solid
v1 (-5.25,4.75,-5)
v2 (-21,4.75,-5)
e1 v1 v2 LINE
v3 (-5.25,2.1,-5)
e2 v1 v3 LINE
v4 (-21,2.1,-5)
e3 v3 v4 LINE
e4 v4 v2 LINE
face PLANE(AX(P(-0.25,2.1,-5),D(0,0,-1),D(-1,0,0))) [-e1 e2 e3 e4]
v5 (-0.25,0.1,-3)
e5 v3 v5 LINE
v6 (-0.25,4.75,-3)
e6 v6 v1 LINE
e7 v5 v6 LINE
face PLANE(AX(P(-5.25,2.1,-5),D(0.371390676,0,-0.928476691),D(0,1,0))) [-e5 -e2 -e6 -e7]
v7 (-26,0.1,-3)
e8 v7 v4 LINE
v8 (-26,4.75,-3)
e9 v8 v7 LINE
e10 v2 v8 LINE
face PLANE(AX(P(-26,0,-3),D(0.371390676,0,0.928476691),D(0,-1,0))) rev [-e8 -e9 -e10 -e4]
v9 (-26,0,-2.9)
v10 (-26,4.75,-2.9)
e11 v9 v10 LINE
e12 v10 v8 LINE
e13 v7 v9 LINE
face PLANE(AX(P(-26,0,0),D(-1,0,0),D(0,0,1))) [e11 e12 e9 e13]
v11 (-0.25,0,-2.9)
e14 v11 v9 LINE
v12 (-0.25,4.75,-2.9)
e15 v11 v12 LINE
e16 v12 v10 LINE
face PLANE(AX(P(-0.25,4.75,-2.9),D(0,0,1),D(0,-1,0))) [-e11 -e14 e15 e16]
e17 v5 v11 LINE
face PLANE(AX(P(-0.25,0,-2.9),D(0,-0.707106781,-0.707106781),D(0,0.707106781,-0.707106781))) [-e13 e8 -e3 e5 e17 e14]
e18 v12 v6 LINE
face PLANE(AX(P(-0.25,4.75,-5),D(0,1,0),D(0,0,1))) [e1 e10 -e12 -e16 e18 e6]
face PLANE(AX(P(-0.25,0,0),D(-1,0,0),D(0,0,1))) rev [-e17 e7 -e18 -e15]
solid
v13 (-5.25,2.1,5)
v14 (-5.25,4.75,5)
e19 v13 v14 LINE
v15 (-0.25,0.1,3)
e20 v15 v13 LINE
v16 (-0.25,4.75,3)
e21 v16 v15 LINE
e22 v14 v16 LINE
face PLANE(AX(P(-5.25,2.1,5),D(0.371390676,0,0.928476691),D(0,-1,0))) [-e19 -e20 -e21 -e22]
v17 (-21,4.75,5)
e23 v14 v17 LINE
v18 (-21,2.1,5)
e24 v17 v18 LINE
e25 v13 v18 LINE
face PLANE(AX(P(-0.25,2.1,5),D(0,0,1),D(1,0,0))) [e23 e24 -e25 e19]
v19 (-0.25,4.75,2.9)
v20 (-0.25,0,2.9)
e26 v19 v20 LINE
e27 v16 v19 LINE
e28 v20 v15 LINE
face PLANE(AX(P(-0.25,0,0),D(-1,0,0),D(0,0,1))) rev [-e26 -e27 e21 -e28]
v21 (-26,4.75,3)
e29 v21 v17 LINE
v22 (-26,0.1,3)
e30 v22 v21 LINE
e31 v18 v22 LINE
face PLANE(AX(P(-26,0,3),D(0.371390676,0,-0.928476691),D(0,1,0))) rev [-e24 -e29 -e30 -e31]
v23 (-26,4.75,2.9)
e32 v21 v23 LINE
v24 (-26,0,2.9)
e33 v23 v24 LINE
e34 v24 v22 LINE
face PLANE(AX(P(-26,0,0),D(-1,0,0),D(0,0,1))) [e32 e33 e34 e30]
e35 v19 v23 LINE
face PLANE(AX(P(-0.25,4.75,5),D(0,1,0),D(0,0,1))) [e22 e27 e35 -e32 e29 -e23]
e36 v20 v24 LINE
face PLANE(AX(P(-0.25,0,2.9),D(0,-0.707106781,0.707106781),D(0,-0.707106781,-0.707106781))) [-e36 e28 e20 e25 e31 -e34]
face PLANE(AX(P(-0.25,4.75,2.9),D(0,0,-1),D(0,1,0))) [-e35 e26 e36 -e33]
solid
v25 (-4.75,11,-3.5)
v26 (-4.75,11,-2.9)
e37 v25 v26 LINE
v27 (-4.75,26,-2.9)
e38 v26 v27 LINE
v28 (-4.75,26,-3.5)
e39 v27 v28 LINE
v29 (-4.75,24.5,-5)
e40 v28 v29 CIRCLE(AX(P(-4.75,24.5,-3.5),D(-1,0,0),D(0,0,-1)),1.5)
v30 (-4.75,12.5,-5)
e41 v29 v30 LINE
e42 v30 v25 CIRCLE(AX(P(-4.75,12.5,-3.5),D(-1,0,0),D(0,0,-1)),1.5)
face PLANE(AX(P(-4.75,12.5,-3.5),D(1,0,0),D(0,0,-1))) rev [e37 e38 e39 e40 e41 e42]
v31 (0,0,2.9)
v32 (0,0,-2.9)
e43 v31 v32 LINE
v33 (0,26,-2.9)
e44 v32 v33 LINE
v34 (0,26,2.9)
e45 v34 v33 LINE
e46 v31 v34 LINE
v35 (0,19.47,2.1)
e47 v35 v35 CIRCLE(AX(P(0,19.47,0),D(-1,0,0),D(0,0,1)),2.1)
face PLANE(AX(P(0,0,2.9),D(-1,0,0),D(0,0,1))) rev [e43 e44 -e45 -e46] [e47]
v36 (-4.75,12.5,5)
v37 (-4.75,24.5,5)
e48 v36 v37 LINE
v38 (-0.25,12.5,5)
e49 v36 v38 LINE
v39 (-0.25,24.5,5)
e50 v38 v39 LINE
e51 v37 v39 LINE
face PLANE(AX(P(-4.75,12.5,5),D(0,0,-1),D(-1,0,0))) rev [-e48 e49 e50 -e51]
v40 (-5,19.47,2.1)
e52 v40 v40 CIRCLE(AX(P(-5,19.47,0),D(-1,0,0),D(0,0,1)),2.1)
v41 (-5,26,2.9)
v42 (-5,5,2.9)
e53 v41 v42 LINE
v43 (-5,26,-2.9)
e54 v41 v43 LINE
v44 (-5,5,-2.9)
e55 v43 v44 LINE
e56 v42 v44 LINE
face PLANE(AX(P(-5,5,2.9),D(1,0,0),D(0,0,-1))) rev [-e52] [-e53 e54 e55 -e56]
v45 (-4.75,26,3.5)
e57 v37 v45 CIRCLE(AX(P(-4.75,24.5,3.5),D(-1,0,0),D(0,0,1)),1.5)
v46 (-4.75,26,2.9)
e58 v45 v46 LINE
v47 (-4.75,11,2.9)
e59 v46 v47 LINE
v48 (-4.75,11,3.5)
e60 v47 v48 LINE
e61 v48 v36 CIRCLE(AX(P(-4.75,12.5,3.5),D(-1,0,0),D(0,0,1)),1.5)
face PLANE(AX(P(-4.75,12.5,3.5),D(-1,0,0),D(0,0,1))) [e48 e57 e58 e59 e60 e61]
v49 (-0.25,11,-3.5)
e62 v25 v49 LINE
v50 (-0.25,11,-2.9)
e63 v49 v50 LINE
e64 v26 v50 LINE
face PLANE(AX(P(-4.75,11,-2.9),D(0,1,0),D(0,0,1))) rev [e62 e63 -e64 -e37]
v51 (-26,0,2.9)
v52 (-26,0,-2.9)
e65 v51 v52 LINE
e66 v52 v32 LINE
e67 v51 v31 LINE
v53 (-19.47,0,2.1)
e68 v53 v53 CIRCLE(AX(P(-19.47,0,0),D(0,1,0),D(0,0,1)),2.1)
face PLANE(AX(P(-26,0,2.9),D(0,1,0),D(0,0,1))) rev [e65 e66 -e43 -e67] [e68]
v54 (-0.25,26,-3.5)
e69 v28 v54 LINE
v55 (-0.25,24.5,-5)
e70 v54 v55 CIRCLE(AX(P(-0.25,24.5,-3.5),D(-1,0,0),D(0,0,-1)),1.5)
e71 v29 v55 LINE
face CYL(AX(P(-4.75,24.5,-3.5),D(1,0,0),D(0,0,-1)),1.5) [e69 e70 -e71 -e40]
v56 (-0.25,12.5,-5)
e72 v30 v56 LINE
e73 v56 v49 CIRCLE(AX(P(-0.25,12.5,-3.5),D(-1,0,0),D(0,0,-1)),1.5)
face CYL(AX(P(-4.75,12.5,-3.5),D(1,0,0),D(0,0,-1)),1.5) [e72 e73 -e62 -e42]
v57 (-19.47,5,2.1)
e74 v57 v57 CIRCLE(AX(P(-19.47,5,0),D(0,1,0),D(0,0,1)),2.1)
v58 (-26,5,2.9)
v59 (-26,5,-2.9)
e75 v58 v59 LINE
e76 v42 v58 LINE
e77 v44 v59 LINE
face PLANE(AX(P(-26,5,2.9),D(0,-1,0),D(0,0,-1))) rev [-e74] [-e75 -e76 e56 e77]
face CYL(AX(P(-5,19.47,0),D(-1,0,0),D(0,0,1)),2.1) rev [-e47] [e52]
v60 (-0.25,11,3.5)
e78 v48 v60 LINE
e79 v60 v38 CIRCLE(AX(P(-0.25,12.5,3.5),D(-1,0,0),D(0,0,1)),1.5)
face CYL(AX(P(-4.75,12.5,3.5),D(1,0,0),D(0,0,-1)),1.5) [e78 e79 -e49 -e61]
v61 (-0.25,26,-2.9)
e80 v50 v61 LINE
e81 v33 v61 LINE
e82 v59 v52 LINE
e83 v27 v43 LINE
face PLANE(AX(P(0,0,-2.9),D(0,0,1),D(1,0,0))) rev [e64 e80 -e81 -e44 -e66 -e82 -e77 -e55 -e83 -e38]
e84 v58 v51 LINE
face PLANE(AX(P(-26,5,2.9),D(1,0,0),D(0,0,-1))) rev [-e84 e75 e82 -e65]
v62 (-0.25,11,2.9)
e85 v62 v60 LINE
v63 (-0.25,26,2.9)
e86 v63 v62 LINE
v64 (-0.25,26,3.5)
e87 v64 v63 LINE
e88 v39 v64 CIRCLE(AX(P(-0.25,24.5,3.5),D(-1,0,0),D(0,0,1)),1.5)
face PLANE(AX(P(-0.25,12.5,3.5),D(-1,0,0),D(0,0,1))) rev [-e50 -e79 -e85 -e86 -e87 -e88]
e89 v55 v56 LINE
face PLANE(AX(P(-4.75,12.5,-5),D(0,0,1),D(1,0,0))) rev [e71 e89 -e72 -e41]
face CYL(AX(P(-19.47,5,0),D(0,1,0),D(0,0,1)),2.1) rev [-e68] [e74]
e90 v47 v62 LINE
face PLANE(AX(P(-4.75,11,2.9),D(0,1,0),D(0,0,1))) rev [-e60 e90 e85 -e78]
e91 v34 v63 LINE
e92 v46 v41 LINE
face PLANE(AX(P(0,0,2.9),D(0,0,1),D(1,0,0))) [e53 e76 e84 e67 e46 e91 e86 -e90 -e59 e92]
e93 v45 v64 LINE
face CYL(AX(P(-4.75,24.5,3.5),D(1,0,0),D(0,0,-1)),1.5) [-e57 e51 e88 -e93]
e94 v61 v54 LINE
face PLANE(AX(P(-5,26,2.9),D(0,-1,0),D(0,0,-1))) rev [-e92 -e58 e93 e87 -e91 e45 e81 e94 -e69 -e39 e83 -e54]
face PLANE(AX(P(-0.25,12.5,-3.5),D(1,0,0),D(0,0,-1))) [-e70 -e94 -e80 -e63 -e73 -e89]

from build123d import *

# Parameters (mm, degrees)
EXTRUDE_1_DEPTH   = 2.9
EXTRUDE_2_DEPTH   = 25.75
EXTRUDE_2_2_DEPTH = 25.75
CHAMFER_1_SIZE    = 5
CHAMFER_1_SIZE2   = 2
CHAMFER_2_SIZE    = 5
CHAMFER_2_SIZE2   = 2
CHAMFER_3_SIZE    = 2
CHAMFER_3_SIZE2   = 5
CHAMFER_4_SIZE    = 2
CHAMFER_4_SIZE2   = 5
EXTRUDE_3_DEPTH   = 2.25


with BuildPart() as part:
    # 草图1 → 凸台-拉伸1 (new, symmetric)
    with BuildSketch(Plane.XY):
        Polygon((-26, 0), (0, 0), (0, 26), (-5, 26), (-5, 5), (-26, 5), align=None)
    extrude(amount=EXTRUDE_1_DEPTH, both=True)

    # 草图4 → 凸台-拉伸3 (add, symmetric)
    with BuildSketch(Plane.ZY.offset(2.5)):
        with BuildLine():
            Line((-2.9, 11), (-3.5, 11))
            ThreePointArc((-3.5, 11), (-4.560660172, 11.439339828), (-5, 12.5))
            Line((-5, 12.5), (-5, 24.5))
            ThreePointArc((-5, 24.5), (-4.560660172, 25.560660172), (-3.5, 26))
            Line((-3.5, 26), (-2.9, 26))
            Line((-2.9, 26), (-2.9, 11))
        make_face()
        with BuildLine():
            Line((2.9, 26), (2.9, 11))
            Line((2.9, 11), (3.5, 11))
            ThreePointArc((3.5, 11), (4.560660172, 11.439339828), (5, 12.5))
            Line((5, 12.5), (5, 24.5))
            ThreePointArc((5, 24.5), (4.560660172, 25.560660172), (3.5, 26))
            Line((3.5, 26), (2.9, 26))
        make_face()
    extrude(amount=EXTRUDE_3_DEPTH, both=True)

    # 草图6 → M5 螺纹孔1 (revolve, cut)
    with BuildSketch(Plane(origin=(-19.47, 5, 0), x_dir=(0, 0, 1), z_dir=(1, 0, 0))):
        Polygon((0, 0), (0, 28.6618073), (2.1, 27.4), (2.1, 0), align=None)
    hole_wizard_m5_1 = revolve(axis=Axis((-19.47, 11.35, 0), (0, -1, 0)), mode=Mode.SUBTRACT)

    # 镜向1: M5 螺纹孔1 across plane
    add(hole_wizard_m5_1.mirror(Plane(origin=(0, 0, 0), x_dir=(0, 0, 1), z_dir=(-0.7071067811865477, -0.7071067811865475, 0))), mode=Mode.SUBTRACT)


with BuildPart() as body_2:
    # 草图3 → 凸台-拉伸2 (new body)
    with BuildSketch(Plane.ZY.offset(26)):
        Polygon((-2.9, 0), (-5, 2.1), (-5, 4.75), (-2.9, 4.75), align=None)
    extrude(amount=-EXTRUDE_2_DEPTH)

    # 倒角1
    chamfer_1_edges = [body_2.edges().sort_by_distance(p)[0] for p in [
        (-26, 3.425, -5),
    ]]
    chamfer_1_side = [body_2.faces().sort_by_distance(p)[0] for p in [
        (-13.125, 3.425, -5),
    ]]
    chamfer(chamfer_1_edges, length=CHAMFER_1_SIZE, length2=CHAMFER_1_SIZE2, reference=chamfer_1_side[0])

    # 倒角4
    chamfer_4_edges = [body_2.edges().sort_by_distance(p)[0] for p in [
        (-0.25, 3.425, -5),
    ]]
    chamfer_4_side = [body_2.faces().sort_by_distance(p)[0] for p in [
        (-0.25, 2.850337838, -3.850675676),
    ]]
    chamfer(chamfer_4_edges, length=CHAMFER_4_SIZE, length2=CHAMFER_4_SIZE2, reference=chamfer_4_side[0])


with BuildPart() as body_3:
    # 草图3 → Extrude 2 2 (new body)
    with BuildSketch(Plane.ZY.offset(26)):
        Polygon((2.9, 4.75), (2.9, 0), (5, 2.1), (5, 4.75), align=None)
    extrude(amount=-EXTRUDE_2_2_DEPTH)

    # 倒角2
    chamfer_2_edges = [body_3.edges().sort_by_distance(p)[0] for p in [
        (-26, 3.425, 5),
    ]]
    chamfer_2_side = [body_3.faces().sort_by_distance(p)[0] for p in [
        (-13.125, 3.425, 5),
    ]]
    chamfer(chamfer_2_edges, length=CHAMFER_2_SIZE, length2=CHAMFER_2_SIZE2, reference=chamfer_2_side[0])

    # 倒角3
    chamfer_3_edges = [body_3.edges().sort_by_distance(p)[0] for p in [
        (-0.25, 3.425, 5),
    ]]
    chamfer_3_side = [body_3.faces().sort_by_distance(p)[0] for p in [
        (-0.25, 2.850337838, 3.850675676),
    ]]
    chamfer(chamfer_3_edges, length=CHAMFER_3_SIZE, length2=CHAMFER_3_SIZE2, reference=chamfer_3_side[0])


solid = Compound([part.part, body_2.part, body_3.part])
